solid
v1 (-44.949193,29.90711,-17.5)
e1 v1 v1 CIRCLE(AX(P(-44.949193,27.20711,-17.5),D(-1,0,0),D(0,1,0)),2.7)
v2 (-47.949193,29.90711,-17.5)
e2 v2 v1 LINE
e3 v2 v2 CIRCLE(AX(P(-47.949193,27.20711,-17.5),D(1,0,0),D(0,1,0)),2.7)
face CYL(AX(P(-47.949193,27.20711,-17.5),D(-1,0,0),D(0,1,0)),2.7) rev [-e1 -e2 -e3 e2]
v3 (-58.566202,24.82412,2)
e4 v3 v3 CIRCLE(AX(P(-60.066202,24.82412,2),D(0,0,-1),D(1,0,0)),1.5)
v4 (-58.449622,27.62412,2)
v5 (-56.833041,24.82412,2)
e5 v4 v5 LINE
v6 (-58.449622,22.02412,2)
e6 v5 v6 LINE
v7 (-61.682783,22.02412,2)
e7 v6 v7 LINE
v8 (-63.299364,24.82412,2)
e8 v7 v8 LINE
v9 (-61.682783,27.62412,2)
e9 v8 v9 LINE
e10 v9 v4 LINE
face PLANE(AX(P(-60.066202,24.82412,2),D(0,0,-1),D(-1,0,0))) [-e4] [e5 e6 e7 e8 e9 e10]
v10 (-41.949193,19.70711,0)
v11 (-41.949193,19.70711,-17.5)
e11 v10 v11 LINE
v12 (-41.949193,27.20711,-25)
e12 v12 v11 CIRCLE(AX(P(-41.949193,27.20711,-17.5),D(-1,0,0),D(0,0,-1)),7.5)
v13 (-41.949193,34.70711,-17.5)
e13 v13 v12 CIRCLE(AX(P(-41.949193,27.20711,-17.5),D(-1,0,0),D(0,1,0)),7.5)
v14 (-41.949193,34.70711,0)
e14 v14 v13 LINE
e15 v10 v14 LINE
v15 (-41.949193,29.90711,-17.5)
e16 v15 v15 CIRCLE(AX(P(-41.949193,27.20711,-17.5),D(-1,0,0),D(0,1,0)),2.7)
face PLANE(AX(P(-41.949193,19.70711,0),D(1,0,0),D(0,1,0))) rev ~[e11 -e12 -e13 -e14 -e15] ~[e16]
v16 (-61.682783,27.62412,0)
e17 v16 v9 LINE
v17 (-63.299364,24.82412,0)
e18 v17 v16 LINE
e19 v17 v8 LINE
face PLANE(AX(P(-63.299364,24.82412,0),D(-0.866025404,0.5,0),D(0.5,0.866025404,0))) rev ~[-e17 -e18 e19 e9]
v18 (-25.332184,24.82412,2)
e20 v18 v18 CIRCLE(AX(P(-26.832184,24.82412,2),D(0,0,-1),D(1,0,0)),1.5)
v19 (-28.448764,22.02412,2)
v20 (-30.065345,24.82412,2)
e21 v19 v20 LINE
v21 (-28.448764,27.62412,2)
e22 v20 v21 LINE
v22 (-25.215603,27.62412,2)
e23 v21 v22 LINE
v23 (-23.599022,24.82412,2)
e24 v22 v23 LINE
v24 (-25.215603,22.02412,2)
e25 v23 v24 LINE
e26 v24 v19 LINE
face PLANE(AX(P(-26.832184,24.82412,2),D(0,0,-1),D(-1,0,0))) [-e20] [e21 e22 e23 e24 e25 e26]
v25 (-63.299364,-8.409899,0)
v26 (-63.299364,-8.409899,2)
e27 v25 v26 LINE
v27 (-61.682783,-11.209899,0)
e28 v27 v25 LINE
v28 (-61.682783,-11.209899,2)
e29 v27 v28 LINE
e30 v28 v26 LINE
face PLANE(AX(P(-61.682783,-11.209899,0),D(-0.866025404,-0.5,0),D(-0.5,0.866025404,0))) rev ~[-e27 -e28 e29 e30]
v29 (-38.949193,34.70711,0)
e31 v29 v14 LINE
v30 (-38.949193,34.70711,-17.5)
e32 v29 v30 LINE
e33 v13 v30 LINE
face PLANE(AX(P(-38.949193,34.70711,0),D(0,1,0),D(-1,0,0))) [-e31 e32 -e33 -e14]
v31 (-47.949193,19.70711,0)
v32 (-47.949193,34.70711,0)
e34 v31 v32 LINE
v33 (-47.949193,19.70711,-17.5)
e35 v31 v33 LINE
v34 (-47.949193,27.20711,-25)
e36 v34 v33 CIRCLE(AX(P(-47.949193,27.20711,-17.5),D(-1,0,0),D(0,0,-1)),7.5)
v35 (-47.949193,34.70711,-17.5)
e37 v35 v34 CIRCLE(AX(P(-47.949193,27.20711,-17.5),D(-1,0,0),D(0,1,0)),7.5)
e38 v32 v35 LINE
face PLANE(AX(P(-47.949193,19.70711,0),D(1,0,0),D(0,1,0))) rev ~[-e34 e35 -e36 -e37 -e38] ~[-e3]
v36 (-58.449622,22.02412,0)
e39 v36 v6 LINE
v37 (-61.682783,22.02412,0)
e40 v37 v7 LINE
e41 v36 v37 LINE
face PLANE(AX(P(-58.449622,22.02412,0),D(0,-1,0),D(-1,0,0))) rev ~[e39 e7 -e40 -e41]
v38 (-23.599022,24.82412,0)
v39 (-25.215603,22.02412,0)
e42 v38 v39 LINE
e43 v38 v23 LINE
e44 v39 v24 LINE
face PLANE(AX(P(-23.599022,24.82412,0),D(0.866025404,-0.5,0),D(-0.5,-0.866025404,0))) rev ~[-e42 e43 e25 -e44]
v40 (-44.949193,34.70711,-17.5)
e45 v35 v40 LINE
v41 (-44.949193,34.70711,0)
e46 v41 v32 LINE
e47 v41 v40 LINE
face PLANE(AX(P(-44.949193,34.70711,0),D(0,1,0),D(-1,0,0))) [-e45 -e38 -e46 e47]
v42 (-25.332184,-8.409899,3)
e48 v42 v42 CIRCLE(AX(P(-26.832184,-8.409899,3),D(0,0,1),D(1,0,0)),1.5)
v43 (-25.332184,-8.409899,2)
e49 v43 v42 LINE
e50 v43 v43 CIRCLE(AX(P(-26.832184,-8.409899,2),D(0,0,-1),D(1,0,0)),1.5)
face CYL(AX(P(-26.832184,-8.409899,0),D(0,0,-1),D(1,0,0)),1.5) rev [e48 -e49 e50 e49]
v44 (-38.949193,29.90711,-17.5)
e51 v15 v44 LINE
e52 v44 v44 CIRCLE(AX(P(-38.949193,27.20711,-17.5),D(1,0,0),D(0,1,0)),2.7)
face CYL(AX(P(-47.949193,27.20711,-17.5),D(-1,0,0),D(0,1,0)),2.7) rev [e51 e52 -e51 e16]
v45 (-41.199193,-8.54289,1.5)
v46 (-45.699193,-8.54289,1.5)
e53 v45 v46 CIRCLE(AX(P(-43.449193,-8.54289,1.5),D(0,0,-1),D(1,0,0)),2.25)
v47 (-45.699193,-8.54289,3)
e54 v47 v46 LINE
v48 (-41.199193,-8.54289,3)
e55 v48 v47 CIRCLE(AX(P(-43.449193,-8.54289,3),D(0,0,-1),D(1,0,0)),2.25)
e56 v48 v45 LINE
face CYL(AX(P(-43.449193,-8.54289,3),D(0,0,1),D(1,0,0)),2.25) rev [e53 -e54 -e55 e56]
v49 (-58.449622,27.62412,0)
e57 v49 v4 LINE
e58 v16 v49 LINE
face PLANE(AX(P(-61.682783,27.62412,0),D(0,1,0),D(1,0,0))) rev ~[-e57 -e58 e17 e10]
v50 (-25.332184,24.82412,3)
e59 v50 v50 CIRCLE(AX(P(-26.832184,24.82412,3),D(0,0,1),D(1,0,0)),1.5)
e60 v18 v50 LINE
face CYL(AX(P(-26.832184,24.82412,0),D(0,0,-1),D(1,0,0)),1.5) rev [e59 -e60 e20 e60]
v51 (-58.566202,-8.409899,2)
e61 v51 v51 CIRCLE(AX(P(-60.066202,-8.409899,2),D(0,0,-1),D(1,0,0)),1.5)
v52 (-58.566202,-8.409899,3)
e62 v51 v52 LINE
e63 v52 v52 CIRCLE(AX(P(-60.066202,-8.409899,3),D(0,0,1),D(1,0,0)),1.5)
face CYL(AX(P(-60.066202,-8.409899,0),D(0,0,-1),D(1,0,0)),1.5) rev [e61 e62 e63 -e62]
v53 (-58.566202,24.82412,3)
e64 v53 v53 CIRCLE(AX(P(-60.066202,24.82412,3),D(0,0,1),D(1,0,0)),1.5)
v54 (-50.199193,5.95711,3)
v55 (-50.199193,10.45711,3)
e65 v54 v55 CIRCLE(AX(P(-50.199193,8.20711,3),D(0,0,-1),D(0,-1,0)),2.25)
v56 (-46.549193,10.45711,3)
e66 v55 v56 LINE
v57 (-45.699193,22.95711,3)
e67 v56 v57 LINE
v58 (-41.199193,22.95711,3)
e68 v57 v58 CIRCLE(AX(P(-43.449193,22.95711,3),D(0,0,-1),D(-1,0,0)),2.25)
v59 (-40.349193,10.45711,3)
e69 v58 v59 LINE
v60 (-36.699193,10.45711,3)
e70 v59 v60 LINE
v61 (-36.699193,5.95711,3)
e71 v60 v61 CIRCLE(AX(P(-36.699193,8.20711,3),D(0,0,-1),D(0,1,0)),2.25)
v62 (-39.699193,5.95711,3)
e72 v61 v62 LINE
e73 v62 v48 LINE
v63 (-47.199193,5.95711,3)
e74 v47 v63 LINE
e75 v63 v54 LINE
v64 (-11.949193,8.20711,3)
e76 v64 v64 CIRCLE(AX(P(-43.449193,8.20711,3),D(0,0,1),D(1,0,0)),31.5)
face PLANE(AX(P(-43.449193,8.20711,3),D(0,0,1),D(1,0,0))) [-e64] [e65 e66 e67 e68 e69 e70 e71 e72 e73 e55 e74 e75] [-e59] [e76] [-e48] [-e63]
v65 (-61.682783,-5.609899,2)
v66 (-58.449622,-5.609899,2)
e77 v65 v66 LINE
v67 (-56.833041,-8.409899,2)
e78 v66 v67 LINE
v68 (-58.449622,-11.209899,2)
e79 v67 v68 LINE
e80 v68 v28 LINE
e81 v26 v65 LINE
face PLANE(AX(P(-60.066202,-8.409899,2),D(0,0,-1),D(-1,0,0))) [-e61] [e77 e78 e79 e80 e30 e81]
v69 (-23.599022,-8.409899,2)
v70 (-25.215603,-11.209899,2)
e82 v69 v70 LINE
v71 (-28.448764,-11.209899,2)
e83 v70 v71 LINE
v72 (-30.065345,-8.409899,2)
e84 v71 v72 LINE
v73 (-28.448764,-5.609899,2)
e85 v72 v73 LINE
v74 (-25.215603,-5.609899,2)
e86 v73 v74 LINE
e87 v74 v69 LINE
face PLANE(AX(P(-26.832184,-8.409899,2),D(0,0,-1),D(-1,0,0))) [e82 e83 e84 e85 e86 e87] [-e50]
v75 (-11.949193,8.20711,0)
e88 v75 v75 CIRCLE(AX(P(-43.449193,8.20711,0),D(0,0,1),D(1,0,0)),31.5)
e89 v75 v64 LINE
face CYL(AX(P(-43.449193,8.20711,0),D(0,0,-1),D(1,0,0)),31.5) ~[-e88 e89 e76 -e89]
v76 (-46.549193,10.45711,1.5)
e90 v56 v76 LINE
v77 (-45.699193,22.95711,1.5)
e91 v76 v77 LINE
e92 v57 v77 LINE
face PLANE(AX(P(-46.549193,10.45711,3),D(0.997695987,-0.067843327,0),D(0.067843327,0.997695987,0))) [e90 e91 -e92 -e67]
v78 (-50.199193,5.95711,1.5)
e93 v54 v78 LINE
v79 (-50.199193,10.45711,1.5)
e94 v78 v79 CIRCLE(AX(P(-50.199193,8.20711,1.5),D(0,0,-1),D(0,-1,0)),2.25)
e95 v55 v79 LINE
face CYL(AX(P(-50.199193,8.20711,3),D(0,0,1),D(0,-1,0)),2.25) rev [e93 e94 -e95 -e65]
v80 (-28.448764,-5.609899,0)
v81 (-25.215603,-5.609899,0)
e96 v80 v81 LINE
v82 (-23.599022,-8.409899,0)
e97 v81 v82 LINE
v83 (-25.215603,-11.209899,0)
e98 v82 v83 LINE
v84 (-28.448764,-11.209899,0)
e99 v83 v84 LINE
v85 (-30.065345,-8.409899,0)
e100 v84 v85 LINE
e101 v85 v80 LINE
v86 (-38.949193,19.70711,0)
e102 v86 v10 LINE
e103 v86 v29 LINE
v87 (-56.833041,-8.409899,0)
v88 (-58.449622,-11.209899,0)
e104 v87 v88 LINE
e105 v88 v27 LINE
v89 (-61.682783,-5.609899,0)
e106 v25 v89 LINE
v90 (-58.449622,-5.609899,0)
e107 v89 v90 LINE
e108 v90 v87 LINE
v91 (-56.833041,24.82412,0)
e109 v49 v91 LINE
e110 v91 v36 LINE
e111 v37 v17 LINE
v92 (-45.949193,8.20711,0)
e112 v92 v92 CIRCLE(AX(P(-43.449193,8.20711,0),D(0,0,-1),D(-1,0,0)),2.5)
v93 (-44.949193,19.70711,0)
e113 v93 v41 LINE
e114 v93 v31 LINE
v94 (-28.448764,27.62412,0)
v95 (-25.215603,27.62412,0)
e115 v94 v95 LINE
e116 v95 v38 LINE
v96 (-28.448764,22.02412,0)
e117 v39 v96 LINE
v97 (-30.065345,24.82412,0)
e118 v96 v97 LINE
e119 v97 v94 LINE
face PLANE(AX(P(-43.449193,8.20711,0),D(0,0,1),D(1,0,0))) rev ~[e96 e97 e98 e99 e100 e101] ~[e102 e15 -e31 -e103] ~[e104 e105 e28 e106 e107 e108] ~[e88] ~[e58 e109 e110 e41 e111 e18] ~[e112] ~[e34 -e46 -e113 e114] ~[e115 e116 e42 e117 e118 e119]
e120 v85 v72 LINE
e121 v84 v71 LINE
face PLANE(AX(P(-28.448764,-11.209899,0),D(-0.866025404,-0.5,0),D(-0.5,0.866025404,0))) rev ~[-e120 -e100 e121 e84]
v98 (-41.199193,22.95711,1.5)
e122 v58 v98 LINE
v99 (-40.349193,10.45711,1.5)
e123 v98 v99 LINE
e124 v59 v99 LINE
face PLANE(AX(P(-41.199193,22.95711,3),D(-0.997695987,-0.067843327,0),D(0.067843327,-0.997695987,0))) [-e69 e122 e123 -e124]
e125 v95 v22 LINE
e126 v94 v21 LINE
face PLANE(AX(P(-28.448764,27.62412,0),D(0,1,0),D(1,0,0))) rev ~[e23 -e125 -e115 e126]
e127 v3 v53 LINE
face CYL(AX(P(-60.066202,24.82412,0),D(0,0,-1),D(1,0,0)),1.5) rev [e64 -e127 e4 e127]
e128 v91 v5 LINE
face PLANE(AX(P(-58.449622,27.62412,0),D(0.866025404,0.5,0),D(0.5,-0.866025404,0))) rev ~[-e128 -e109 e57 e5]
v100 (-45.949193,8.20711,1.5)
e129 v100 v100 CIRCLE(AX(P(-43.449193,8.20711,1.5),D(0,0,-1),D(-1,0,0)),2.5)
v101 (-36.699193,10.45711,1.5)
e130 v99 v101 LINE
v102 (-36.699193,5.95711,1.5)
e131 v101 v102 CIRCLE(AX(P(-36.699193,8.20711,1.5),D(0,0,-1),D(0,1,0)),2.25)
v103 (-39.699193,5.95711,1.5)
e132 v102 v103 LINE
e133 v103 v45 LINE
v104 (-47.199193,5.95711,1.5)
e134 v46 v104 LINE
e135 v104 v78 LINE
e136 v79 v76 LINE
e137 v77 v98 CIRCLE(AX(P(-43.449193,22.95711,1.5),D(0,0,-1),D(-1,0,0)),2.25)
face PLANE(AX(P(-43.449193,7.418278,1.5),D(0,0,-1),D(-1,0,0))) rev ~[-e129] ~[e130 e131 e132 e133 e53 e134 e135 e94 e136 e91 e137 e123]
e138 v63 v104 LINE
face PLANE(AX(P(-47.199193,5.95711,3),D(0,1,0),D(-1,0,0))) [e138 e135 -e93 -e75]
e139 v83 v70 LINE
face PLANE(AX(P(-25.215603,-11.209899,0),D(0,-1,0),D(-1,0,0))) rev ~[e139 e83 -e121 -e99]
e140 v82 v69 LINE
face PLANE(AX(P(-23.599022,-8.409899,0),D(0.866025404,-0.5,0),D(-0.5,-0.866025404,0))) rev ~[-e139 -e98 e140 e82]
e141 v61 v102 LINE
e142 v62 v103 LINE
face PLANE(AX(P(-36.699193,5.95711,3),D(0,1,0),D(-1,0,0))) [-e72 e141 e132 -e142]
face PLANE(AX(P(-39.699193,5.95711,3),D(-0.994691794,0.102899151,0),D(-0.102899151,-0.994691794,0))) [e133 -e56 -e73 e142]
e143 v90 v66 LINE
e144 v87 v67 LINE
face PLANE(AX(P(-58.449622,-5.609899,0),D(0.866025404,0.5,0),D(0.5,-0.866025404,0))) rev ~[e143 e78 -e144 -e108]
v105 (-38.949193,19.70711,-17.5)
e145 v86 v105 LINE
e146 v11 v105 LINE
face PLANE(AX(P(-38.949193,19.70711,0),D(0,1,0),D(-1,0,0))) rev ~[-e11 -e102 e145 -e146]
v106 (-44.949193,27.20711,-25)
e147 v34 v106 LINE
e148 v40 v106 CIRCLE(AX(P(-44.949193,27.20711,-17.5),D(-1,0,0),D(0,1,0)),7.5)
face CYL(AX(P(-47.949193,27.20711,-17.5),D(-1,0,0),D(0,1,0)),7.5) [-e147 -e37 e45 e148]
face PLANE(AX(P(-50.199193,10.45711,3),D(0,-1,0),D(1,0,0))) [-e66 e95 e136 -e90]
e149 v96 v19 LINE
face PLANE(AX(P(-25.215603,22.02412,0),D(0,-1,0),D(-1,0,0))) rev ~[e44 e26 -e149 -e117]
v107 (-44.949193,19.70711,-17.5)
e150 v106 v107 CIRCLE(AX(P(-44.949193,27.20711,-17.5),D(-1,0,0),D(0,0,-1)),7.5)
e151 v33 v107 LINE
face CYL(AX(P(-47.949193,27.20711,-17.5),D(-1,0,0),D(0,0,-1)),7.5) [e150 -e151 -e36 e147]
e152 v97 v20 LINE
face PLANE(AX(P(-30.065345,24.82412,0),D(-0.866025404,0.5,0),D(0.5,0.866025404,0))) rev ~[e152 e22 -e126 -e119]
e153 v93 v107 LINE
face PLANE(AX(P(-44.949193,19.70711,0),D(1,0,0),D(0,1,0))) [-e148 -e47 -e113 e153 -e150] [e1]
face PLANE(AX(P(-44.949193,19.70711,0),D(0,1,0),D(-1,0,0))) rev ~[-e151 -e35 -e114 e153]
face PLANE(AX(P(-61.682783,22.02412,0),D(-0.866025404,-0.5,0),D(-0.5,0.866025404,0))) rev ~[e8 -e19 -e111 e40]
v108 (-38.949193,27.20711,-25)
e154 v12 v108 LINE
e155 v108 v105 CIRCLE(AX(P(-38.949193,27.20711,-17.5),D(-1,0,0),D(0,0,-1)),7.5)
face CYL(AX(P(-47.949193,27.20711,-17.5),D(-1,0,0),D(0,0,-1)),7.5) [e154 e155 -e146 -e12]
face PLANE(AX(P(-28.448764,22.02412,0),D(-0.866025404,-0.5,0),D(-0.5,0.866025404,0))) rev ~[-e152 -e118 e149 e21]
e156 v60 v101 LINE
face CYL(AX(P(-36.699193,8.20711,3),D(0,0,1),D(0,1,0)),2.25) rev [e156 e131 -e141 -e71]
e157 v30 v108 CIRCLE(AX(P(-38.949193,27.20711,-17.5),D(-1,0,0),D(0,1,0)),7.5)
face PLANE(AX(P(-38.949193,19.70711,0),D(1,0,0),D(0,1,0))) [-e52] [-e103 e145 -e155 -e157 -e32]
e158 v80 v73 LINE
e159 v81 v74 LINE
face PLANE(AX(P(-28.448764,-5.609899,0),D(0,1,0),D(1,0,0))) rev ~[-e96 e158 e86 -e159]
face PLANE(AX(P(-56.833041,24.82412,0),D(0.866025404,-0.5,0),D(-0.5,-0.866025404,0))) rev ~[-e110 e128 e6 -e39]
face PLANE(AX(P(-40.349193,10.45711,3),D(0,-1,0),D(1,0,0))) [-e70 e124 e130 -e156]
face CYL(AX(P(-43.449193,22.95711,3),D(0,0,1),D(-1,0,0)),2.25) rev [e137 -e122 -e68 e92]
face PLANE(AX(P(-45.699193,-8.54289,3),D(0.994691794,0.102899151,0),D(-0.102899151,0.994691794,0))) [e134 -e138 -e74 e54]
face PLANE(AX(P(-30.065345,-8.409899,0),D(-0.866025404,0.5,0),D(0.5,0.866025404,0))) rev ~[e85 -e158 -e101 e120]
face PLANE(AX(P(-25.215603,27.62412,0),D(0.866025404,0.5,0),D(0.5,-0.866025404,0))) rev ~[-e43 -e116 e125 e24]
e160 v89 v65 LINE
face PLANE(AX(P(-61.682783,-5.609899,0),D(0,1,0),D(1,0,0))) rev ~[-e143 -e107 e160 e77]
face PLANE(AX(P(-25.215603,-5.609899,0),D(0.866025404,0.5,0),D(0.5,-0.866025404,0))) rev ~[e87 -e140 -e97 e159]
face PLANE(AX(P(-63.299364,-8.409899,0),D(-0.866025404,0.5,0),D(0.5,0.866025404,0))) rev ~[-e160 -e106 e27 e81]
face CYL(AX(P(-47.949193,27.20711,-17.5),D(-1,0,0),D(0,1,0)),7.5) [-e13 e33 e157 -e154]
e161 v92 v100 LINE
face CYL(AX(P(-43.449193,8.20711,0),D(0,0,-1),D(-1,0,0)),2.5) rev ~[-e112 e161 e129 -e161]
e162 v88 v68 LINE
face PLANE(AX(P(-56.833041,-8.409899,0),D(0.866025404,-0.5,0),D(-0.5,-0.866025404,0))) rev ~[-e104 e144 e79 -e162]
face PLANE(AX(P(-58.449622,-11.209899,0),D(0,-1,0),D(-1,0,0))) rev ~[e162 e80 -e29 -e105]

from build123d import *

# Parameters (mm, degrees)
CROQUIS1_R              = 31.5
CROQUIS1_R_2            = 1.5
SALIENTE_EXTRUIR1_DEPTH = 3
CORTAR_EXTRUIR2_DEPTH   = 1.5
CROQUIS4_R              = 2.5
CORTAR_EXTRUIR3_DEPTH   = 3
CROQUIS5_W              = 3
CROQUIS5_H              = 15
SALIENTE_EXTRUIR2_DEPTH = 25
CORTAR_EXTRUIR4_START   = -9
CROQUIS6_R              = 2.7
CORTAR_EXTRUIR4_DEPTH   = 9
CORTAR_EXTRUIR5_DEPTH   = 2


with BuildPart() as part:
    # Croquis1 → Saliente-Extruir1 (new body)
    with BuildSketch(Plane.XY):
        with Locations((-43.449193048, 8.207110309)):
            Circle(CROQUIS1_R)
        with Locations((-60.066202406, 24.824119667)):
            Circle(CROQUIS1_R_2, mode=Mode.SUBTRACT)
        with Locations((-26.83218369, 24.824119667)):
            Circle(CROQUIS1_R_2, mode=Mode.SUBTRACT)
        with Locations((-26.83218369, -8.409899049)):
            Circle(CROQUIS1_R_2, mode=Mode.SUBTRACT)
        with Locations((-60.066202406, -8.409899049)):
            Circle(CROQUIS1_R_2, mode=Mode.SUBTRACT)
    extrude(amount=SALIENTE_EXTRUIR1_DEPTH)

    # Croquis3 → Cortar-Extruir2 (cut)
    with BuildSketch(Plane.XY.offset(3)):
        with BuildLine():
            Line((-41.199193048, 22.957110309), (-40.349193048, 10.457110309))
            Line((-40.349193048, 10.457110309), (-36.699193048, 10.457110309))
            ThreePointArc((-36.699193048, 10.457110309), (-34.449193048, 8.207110309), (-36.699193048, 5.957110309))
            Line((-36.699193048, 5.957110309), (-39.699193048, 5.957110309))
            Line((-39.699193048, 5.957110309), (-41.199193048, -8.542889691))
            ThreePointArc((-41.199193048, -8.542889691), (-43.449193048, -10.792889691), (-45.699193048, -8.542889691))
            Line((-45.699193048, -8.542889691), (-47.199193048, 5.957110309))
            Line((-47.199193048, 5.957110309), (-50.199193048, 5.957110309))
            ThreePointArc((-50.199193048, 5.957110309), (-52.449193048, 8.207110309), (-50.199193048, 10.457110309))
            Line((-50.199193048, 10.457110309), (-46.549193048, 10.457110309))
            Line((-46.549193048, 10.457110309), (-45.699193048, 22.957110309))
            ThreePointArc((-45.699193048, 22.957110309), (-43.449193048, 25.207110309), (-41.199193048, 22.957110309))
        make_face()
    extrude(amount=-CORTAR_EXTRUIR2_DEPTH, mode=Mode.SUBTRACT)

    # Croquis4 → Cortar-Extruir3 (cut)
    with BuildSketch(Plane(origin=(0, 0, 0), x_dir=(-1, 0, 0), z_dir=(0, 0, -1))):
        with Locations((43.449193048, 8.207110309)):
            Circle(CROQUIS4_R)
    extrude(amount=-CORTAR_EXTRUIR3_DEPTH, mode=Mode.SUBTRACT)

    # Croquis5 → Saliente-Extruir2 (add)
    with BuildSketch(Plane(origin=(0, 0, 0), x_dir=(-1, 0, 0), z_dir=(0, 0, -1))):
        with Locations((40.449193048, 27.207110309)):
            Rectangle(CROQUIS5_W, CROQUIS5_H)
        with Locations((46.449193048, 27.207110309)):
            Rectangle(CROQUIS5_W, CROQUIS5_H)
    extrude(amount=SALIENTE_EXTRUIR2_DEPTH)

    # Croquis6 → Cortar-Extruir4 (cut)
    with BuildSketch(Plane(origin=(-38.949193048, 0, 0), x_dir=(0, 0, -1), z_dir=(1, 0, 0)).offset(CORTAR_EXTRUIR4_START)):
        with BuildLine():
            Line((25, 34.707110309), (17.5, 34.707110309))
            ThreePointArc((17.5, 34.707110309), (22.803300859, 32.510411168), (25, 27.207110309))
            Line((25, 27.207110309), (25, 34.707110309))
        make_face()
        with BuildLine():
            Line((25, 19.707110309), (25, 27.207110309))
            ThreePointArc((25, 27.207110309), (22.803300859, 21.90380945), (17.5, 19.707110309))
            Line((17.5, 19.707110309), (25, 19.707110309))
        make_face()
        with Locations(Location((17.5, 27.207110309, 0), (0, 0, 90))):
            Circle(CROQUIS6_R)
    extrude(amount=CORTAR_EXTRUIR4_DEPTH, mode=Mode.SUBTRACT)

    # Croquis7 → Cortar-Extruir5 (cut)
    with BuildSketch(Plane(origin=(0, 0, 0), x_dir=(-1, 0, 0), z_dir=(0, 0, -1))):
        Polygon((30.065345197, 24.824119667), (28.448764443, 27.624119667), (25.215602936, 27.624119667), (23.599022182, 24.824119667), (25.215602936, 22.024119667), (28.448764443, 22.024119667), align=None)
        Polygon((63.299363913, 24.824119667), (61.682783159, 27.624119667), (58.449621652, 27.624119667), (56.833040898, 24.824119667), (58.449621652, 22.024119667), (61.682783159, 22.024119667), align=None)
        Polygon((30.065345197, -8.409899049), (28.448764443, -5.609899049), (25.215602936, -5.609899049), (23.599022182, -8.409899049), (25.215602936, -11.209899049), (28.448764443, -11.209899049), align=None)
        Polygon((56.833040898, -8.409899049), (58.449621652, -11.209899049), (61.682783159, -11.209899049), (63.299363913, -8.409899049), (61.682783159, -5.609899049), (58.449621652, -5.609899049), align=None)
    extrude(amount=-CORTAR_EXTRUIR5_DEPTH, mode=Mode.SUBTRACT)


solid = part.part
